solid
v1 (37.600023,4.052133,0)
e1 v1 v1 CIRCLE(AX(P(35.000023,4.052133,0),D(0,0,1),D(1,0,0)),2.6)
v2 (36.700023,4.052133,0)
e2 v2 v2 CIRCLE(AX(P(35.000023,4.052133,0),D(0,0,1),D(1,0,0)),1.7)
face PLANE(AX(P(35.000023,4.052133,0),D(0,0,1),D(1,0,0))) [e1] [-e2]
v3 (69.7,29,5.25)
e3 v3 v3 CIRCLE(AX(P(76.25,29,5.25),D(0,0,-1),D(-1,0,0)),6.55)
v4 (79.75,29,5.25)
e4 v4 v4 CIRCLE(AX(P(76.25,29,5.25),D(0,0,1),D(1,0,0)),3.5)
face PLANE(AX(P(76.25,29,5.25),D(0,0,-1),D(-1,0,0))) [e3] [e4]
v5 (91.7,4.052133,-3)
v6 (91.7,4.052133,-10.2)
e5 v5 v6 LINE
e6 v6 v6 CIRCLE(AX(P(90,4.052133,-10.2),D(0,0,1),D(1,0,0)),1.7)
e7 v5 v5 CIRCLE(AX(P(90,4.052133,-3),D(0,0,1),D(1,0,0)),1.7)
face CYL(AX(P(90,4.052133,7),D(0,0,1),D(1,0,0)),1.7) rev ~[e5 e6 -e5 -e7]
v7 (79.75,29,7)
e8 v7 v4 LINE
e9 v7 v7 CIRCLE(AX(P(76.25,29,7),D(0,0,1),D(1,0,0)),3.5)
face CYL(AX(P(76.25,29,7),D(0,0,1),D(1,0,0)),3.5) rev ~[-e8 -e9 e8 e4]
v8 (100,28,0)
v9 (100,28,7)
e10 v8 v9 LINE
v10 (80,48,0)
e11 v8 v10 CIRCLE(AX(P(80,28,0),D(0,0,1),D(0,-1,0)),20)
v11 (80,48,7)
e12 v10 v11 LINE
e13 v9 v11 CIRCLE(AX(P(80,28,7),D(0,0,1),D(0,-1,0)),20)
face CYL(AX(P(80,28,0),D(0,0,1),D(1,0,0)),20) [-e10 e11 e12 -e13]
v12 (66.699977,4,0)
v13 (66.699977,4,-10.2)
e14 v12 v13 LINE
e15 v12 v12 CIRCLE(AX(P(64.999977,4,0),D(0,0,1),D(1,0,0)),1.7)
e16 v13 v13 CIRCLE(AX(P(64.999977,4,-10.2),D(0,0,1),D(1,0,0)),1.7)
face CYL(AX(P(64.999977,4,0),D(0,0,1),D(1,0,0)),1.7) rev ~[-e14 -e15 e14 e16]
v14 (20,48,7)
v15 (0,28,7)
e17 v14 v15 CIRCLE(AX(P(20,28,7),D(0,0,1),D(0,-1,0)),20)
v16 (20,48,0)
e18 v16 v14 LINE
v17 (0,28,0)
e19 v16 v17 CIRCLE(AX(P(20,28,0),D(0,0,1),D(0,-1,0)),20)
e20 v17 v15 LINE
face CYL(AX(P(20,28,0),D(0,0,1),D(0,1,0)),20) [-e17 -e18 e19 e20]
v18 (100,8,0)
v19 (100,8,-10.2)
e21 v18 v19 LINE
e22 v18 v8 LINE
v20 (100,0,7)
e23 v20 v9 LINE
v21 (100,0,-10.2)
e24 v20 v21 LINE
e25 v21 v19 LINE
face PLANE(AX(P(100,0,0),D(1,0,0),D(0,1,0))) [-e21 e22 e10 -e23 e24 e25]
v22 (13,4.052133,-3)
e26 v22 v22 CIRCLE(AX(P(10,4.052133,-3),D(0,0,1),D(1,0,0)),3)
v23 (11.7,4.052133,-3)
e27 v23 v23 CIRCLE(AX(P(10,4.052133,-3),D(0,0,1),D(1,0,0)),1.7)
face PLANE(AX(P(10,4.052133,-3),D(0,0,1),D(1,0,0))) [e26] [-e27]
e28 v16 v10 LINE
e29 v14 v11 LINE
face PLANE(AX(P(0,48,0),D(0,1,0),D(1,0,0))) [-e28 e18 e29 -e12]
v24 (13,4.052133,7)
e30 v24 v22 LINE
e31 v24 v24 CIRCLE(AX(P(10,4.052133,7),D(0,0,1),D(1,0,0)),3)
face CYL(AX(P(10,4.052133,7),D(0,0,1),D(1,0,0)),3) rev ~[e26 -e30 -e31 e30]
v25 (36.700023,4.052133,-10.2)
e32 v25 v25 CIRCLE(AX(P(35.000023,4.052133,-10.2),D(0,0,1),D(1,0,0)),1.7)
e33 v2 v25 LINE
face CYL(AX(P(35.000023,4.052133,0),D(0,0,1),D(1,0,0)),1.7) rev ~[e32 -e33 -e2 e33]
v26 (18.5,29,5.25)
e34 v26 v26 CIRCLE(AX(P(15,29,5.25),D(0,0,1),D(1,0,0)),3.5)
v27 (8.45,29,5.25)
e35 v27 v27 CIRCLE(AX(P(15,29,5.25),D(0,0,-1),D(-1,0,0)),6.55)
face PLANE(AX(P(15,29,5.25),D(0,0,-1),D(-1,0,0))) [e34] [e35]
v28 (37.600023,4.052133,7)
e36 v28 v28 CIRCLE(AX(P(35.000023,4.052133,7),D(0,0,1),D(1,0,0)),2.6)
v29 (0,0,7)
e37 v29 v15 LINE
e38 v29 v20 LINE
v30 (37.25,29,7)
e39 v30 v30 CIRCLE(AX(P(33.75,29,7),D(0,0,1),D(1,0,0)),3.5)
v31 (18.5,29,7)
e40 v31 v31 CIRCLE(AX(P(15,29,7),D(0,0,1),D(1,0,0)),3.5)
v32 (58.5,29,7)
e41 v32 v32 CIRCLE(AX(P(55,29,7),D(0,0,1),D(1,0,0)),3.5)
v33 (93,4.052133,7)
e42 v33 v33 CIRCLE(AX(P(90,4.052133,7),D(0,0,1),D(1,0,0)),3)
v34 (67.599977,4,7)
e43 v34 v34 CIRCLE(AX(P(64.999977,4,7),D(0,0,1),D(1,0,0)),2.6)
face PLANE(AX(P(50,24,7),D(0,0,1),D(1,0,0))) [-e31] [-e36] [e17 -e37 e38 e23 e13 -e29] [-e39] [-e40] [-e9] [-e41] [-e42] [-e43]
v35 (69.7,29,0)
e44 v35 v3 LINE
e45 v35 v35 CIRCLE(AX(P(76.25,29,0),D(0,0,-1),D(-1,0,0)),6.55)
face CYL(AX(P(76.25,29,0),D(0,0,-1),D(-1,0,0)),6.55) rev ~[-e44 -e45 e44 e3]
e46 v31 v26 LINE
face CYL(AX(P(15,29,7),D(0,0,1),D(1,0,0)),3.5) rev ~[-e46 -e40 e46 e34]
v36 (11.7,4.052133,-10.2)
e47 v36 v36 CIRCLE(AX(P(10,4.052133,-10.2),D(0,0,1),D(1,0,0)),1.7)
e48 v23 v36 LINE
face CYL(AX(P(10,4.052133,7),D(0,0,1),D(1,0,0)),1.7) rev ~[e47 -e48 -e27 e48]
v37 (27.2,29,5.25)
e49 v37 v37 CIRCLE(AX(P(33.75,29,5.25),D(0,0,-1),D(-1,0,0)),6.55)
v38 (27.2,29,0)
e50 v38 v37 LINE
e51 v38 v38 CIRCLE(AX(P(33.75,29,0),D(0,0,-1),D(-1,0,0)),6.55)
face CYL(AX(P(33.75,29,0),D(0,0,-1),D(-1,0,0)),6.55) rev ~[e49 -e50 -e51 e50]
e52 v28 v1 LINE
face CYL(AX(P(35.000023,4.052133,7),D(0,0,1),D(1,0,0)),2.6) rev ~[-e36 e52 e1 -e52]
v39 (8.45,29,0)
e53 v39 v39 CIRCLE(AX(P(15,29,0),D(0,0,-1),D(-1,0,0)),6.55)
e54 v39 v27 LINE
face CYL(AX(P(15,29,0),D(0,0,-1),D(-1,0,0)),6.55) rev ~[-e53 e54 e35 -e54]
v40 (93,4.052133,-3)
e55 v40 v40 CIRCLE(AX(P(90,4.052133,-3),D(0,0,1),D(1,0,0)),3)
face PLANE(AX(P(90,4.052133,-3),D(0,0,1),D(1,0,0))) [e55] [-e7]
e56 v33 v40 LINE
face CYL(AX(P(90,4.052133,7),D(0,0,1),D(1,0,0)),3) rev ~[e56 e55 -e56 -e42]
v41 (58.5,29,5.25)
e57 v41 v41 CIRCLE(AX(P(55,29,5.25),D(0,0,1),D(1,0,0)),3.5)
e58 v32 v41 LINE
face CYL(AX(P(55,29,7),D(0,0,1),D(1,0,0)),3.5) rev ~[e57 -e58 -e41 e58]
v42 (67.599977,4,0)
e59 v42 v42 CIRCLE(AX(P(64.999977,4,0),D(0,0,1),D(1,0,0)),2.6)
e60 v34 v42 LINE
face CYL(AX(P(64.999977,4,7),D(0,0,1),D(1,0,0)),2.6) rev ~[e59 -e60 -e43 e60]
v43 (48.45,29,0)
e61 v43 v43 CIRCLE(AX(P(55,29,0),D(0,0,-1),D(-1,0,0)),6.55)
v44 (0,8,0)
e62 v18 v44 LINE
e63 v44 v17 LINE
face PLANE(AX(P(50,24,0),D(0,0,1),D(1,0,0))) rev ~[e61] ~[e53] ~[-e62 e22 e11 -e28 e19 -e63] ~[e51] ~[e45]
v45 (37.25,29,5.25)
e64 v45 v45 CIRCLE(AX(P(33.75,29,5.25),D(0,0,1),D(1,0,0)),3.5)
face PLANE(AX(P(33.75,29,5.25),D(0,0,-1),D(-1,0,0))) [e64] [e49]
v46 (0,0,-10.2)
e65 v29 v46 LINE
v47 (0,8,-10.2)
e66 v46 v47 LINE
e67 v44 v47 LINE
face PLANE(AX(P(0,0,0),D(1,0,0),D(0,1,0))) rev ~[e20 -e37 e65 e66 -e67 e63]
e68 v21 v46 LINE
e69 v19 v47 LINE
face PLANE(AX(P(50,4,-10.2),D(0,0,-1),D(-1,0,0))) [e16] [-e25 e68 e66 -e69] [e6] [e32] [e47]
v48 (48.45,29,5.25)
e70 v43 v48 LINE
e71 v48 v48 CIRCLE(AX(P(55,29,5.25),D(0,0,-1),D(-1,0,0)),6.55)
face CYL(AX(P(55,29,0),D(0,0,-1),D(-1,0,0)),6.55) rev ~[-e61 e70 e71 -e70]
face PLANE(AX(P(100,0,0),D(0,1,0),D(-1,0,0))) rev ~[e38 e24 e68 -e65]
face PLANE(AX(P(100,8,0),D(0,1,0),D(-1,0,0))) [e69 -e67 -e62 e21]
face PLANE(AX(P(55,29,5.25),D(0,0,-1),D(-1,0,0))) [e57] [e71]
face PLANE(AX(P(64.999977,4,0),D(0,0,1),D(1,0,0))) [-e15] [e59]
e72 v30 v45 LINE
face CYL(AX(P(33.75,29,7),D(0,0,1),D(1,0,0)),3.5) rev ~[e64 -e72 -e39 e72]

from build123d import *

# Parameters (mm, degrees)
SKETCH1_W           = 100
SKETCH1_H           = 48
BOSS_EXTRUDE1_DEPTH = 7
CUT_EXTRUDE1_REACH  = 113.144
SKETCH2_R           = 3.5
SKETCH3_W           = 100
SKETCH3_H           = 8
BOSS_EXTRUDE2_DEPTH = 10.2
SKETCH4_R           = 6.55
CUT_EXTRUDE2_DEPTH  = 5.25
SKETCH5_R           = 2.6
CUT_EXTRUDE3_DEPTH  = 7
SKETCH7_R           = 1.7
CUT_EXTRUDE4_DEPTH  = 112.391382072
CUT_EXTRUDE5_REACH  = 114.249
SKETCH8_R           = 1.7
SKETCH9_R           = 3
CUT_EXTRUDE6_DEPTH  = 10
FILLET1_R           = 20


with BuildPart() as part:
    # Sketch1 → Boss-Extrude1 (new body)
    with BuildSketch(Plane.XY):
        with Locations((50, 24)):
            Rectangle(SKETCH1_W, SKETCH1_H)
    extrude(amount=BOSS_EXTRUDE1_DEPTH)

    # Sketch2 → Cut-Extrude1 (cut, up to next)
    with BuildSketch(Plane.XY.offset(7), mode=Mode.PRIVATE) as cut_extrude1_sk1:
        with Locations((15, 29)):
            Circle(SKETCH2_R)
    cut_extrude1_tool1 = extrude(cut_extrude1_sk1.sketch, amount=-CUT_EXTRUDE1_REACH, mode=Mode.PRIVATE) & part.part
    # Sketch2 → Cut-Extrude1 (cut, up to next)
    with BuildSketch(Plane.XY.offset(7), mode=Mode.PRIVATE) as cut_extrude1_sk2:
        with Locations((33.75, 29)):
            Circle(SKETCH2_R)
    cut_extrude1_tool2 = extrude(cut_extrude1_sk2.sketch, amount=-CUT_EXTRUDE1_REACH, mode=Mode.PRIVATE) & part.part
    # Sketch2 → Cut-Extrude1 (cut, up to next)
    with BuildSketch(Plane.XY.offset(7), mode=Mode.PRIVATE) as cut_extrude1_sk3:
        with Locations((55, 29)):
            Circle(SKETCH2_R)
    cut_extrude1_tool3 = extrude(cut_extrude1_sk3.sketch, amount=-CUT_EXTRUDE1_REACH, mode=Mode.PRIVATE) & part.part
    # Sketch2 → Cut-Extrude1 (cut, up to next)
    with BuildSketch(Plane.XY.offset(7), mode=Mode.PRIVATE) as cut_extrude1_sk4:
        with Locations((76.25, 29)):
            Circle(SKETCH2_R)
    cut_extrude1_tool4 = extrude(cut_extrude1_sk4.sketch, amount=-CUT_EXTRUDE1_REACH, mode=Mode.PRIVATE) & part.part
    add(cut_extrude1_tool1.solids().sort_by_distance((15, 29, 7))[0], mode=Mode.SUBTRACT)
    add(cut_extrude1_tool2.solids().sort_by_distance((33.75, 29, 7))[0], mode=Mode.SUBTRACT)
    add(cut_extrude1_tool3.solids().sort_by_distance((55, 29, 7))[0], mode=Mode.SUBTRACT)
    add(cut_extrude1_tool4.solids().sort_by_distance((76.25, 29, 7))[0], mode=Mode.SUBTRACT)

    # Sketch3 → Boss-Extrude2 (add)
    with BuildSketch(Plane(origin=(0, 0, 0), x_dir=(-1, 0, 0), z_dir=(0, 0, -1))):
        with Locations((-50, 4)):
            Rectangle(SKETCH3_W, SKETCH3_H)
    extrude(amount=BOSS_EXTRUDE2_DEPTH)

    # Sketch4 → Cut-Extrude2 (cut)
    with BuildSketch(Plane(origin=(0, 0, 0), x_dir=(-1, 0, 0), z_dir=(0, 0, -1))):
        with Locations((-76.25, 29)):
            Circle(SKETCH4_R)
        with Locations((-55, 29)):
            Circle(SKETCH4_R)
        with Locations((-33.75, 29)):
            Circle(SKETCH4_R)
        with Locations((-15, 29)):
            Circle(SKETCH4_R)
    extrude(amount=-CUT_EXTRUDE2_DEPTH, mode=Mode.SUBTRACT)

    # Sketch5 → Cut-Extrude3 (cut)
    with BuildSketch(Plane.XY.offset(7)):
        with Locations((35.000022648, 4.052132501)):
            Circle(SKETCH5_R)
        with Locations((64.999977352, 4)):
            Circle(SKETCH5_R)
    extrude(amount=-CUT_EXTRUDE3_DEPTH, mode=Mode.SUBTRACT)

    # Sketch7 → Cut-Extrude4 (cut, through all)
    with BuildSketch(Plane.XY):
        with Locations((35.000022648, 4.052132501)):
            Circle(SKETCH7_R)
        with Locations((64.999977352, 4)):
            Circle(SKETCH7_R)
    extrude(amount=-CUT_EXTRUDE4_DEPTH, mode=Mode.SUBTRACT)

    # Sketch8 → Cut-Extrude5 (cut, up to next)
    with BuildSketch(Plane.XY.offset(7), mode=Mode.PRIVATE) as cut_extrude5_sk1:
        with Locations((10, 4.052132501)):
            Circle(SKETCH8_R)
    cut_extrude5_tool1 = extrude(cut_extrude5_sk1.sketch, amount=-CUT_EXTRUDE5_REACH, mode=Mode.PRIVATE) & part.part
    # Sketch8 → Cut-Extrude5 (cut, up to next)
    with BuildSketch(Plane.XY.offset(7), mode=Mode.PRIVATE) as cut_extrude5_sk2:
        with Locations((90, 4.052132501)):
            Circle(SKETCH8_R)
    cut_extrude5_tool2 = extrude(cut_extrude5_sk2.sketch, amount=-CUT_EXTRUDE5_REACH, mode=Mode.PRIVATE) & part.part
    add(cut_extrude5_tool1.solids().sort_by_distance((10, 4.052133, 7))[0], mode=Mode.SUBTRACT)
    add(cut_extrude5_tool2.solids().sort_by_distance((90, 4.052133, 7))[0], mode=Mode.SUBTRACT)

    # Sketch9 → Cut-Extrude6 (cut)
    with BuildSketch(Plane.XY.offset(7)):
        with Locations((10, 4.052132501)):
            Circle(SKETCH9_R)
        with Locations((90, 4.052132501)):
            Circle(SKETCH9_R)
    extrude(amount=-CUT_EXTRUDE6_DEPTH, mode=Mode.SUBTRACT)

    # Fillet1
    fillet1_edges = [part.edges().sort_by_distance(p)[0] for p in [
        (0, 48, 3.5),
        (100, 48, 3.5),
    ]]
    fillet(fillet1_edges, radius=FILLET1_R)


solid = part.part
